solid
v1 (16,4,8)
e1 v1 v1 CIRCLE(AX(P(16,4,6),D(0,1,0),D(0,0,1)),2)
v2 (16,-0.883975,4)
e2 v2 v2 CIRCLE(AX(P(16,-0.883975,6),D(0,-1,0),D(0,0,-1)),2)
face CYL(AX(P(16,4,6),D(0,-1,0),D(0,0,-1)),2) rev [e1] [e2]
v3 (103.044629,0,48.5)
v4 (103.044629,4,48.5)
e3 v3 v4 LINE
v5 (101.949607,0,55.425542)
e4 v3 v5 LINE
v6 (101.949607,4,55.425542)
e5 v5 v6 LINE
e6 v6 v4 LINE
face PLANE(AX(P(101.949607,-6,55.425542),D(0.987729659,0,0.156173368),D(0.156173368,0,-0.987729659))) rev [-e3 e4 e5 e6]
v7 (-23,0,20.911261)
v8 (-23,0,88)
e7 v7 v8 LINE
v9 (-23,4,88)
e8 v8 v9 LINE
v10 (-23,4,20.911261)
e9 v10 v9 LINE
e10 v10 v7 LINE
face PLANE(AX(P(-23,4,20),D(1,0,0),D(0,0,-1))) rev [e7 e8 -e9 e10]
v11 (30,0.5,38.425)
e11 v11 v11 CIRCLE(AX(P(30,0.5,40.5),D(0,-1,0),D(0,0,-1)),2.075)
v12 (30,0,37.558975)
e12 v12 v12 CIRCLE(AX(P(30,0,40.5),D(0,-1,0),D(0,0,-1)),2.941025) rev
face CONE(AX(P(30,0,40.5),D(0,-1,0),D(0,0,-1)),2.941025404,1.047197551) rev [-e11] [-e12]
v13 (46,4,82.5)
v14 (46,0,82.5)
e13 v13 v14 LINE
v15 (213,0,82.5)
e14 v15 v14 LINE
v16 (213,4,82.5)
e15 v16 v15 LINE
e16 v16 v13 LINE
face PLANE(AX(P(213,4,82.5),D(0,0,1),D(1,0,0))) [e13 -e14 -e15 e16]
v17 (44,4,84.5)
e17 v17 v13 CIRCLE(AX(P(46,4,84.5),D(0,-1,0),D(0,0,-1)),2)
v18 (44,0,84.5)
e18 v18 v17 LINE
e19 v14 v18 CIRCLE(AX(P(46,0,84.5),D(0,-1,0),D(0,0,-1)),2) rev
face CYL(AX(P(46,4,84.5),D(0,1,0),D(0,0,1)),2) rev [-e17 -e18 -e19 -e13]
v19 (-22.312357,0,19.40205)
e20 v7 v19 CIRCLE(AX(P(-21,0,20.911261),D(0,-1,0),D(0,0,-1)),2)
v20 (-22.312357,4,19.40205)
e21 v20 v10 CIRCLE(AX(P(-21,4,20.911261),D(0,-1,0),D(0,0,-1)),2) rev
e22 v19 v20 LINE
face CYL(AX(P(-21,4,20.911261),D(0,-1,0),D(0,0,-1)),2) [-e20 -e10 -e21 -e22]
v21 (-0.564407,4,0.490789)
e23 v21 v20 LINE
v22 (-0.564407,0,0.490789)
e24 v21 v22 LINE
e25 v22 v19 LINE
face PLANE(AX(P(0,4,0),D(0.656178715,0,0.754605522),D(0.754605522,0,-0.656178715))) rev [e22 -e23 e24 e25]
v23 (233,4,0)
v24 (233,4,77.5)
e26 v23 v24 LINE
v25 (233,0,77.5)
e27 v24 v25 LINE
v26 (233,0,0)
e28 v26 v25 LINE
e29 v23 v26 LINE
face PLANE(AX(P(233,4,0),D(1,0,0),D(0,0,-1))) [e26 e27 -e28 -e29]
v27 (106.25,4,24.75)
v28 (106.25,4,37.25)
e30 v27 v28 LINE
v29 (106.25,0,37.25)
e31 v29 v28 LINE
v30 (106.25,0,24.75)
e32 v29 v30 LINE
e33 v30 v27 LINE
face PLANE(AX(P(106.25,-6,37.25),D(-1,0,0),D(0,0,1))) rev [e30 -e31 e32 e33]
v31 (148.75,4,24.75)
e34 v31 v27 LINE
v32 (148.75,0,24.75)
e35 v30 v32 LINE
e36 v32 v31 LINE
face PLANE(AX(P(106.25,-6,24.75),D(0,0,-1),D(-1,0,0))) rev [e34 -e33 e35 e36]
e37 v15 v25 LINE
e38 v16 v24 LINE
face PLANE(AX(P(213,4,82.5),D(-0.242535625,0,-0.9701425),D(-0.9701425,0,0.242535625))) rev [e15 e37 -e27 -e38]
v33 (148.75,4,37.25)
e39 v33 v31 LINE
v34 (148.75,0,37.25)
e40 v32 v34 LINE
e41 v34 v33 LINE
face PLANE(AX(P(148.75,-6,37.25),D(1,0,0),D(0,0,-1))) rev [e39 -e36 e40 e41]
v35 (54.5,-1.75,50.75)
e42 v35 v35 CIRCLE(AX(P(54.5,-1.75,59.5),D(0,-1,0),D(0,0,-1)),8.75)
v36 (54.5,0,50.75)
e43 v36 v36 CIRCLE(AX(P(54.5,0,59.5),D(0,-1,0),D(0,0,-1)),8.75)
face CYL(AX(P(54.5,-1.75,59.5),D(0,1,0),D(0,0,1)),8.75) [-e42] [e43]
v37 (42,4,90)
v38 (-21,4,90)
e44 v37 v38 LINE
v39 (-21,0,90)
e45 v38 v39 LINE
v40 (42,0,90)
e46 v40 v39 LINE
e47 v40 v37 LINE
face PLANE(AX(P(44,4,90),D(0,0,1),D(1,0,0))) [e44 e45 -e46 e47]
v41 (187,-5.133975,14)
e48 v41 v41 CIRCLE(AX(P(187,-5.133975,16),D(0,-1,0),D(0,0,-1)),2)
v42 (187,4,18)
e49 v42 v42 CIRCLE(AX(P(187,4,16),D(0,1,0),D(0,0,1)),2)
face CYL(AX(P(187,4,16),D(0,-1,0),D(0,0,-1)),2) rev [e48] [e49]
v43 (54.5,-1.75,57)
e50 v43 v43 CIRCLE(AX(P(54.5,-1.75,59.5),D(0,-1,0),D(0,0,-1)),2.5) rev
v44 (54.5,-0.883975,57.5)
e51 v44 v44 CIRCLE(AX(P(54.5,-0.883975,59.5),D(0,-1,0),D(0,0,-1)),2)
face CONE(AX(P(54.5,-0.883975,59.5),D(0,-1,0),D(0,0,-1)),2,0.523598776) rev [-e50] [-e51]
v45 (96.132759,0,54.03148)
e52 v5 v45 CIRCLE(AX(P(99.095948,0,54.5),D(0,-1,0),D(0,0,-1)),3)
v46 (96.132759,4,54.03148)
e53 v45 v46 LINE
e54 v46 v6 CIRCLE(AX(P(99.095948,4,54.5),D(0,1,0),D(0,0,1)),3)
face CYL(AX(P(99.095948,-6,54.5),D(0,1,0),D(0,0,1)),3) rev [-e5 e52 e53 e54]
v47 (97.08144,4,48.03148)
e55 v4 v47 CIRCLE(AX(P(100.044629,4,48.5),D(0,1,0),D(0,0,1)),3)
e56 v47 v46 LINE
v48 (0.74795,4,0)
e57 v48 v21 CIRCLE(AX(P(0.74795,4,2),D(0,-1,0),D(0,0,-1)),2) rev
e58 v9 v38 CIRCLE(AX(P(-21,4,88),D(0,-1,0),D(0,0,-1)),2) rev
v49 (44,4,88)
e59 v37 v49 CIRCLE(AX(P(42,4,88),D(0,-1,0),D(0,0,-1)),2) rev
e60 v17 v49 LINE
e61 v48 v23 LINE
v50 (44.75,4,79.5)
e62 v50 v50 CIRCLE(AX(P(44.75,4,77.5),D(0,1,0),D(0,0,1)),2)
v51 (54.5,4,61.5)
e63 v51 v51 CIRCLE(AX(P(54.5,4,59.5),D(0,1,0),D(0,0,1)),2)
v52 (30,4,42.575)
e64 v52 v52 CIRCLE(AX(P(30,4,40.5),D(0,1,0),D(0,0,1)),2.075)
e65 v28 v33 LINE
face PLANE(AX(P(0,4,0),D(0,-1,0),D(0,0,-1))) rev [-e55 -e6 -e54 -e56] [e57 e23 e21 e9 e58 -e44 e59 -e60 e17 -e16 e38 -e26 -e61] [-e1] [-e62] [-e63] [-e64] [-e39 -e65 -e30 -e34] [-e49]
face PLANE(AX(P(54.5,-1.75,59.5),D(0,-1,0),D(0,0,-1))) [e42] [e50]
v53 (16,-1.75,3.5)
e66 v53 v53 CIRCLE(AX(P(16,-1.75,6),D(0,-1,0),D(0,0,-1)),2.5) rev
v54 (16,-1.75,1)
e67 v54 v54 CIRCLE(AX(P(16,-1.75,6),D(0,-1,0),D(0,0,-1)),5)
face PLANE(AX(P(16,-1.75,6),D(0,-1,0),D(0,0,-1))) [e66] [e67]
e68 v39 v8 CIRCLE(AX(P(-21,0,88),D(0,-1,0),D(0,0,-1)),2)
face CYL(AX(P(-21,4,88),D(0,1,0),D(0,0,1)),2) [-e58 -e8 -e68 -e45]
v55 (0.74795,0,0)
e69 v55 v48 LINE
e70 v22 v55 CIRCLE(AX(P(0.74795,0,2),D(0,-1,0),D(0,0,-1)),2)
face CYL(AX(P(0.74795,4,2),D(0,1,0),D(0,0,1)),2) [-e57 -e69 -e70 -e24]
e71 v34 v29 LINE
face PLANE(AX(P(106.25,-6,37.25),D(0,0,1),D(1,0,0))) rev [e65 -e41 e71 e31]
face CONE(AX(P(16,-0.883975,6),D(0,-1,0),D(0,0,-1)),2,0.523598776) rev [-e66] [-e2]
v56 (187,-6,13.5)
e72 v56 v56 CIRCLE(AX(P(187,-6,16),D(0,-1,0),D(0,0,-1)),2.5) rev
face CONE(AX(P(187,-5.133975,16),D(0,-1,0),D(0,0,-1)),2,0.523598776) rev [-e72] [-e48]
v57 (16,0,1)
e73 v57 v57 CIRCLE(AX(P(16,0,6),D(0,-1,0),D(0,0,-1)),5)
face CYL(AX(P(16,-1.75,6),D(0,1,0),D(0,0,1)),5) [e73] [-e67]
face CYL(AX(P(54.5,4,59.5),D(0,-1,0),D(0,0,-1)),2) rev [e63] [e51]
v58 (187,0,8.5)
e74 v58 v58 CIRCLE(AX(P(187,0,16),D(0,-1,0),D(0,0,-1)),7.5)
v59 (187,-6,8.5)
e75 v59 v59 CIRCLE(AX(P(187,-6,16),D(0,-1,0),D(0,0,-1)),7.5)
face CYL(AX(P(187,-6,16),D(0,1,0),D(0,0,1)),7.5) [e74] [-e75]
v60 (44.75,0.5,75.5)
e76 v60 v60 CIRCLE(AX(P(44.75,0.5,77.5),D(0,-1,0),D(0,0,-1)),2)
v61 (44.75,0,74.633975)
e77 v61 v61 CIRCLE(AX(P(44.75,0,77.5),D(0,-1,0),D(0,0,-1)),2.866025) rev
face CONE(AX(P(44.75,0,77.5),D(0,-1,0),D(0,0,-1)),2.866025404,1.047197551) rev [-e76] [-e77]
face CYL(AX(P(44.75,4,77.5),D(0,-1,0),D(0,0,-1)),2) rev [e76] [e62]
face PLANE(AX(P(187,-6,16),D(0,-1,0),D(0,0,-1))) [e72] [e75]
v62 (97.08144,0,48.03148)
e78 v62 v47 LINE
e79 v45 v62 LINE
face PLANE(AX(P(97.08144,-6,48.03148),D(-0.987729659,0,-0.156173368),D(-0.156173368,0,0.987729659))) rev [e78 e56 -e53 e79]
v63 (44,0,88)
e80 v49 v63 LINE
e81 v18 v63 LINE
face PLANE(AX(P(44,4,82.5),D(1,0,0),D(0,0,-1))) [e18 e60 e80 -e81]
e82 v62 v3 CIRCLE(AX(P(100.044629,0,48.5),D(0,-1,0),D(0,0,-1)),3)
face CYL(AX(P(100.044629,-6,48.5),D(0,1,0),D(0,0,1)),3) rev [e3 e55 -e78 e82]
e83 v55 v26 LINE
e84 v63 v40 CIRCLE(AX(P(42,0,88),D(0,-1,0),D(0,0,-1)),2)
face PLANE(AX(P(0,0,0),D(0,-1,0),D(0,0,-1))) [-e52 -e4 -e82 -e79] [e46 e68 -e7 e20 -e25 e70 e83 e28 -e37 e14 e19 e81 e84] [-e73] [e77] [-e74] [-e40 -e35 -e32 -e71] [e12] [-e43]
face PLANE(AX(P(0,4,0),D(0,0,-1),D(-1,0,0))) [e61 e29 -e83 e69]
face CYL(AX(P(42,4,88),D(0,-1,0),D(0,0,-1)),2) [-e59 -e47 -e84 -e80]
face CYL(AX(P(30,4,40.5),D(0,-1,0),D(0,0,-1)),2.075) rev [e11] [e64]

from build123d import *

# Parameters (mm, degrees)
SKETCH1_R               = 2
SKETCH1_R_2             = 2.075
PRIMARY_DEPTH           = 4
SWINGYBIT_PIN_START     = -4
SKETCH7_R               = 7.5
SKETCH7_R_2             = 2
SWINGYBIT_PIN_EXT_DEPTH = 6
WHEEL_PIN_START         = -4
SKETCH8_R               = 5
SKETCH8_R_2             = 2
SKETCH8_R_3             = 8.75
WHEEL_PIN_EXT_DEPTH     = 1.75
SKETCH10_W              = 42.5
SKETCH10_H              = 12.5
WINDOW_CUT_DEPTH        = 11
FILLET1_R               = 2
CHAMFER1_SIZE           = 0.5
CHAMFER1_SIZE2          = 0.866025404
CHAMFER1_PART_2_SIZE    = 0.5
CHAMFER1_PART_2_SIZE2   = 0.866025404
CHAMFER1_PART_3_SIZE    = 0.5
CHAMFER1_PART_3_SIZE2   = 0.866025404
CHAMFER1_PART_4_SIZE    = 0.5
CHAMFER1_PART_4_SIZE2   = 0.866025404
CHAMFER1_PART_5_SIZE    = 0.5
CHAMFER1_PART_5_SIZE2   = 0.866025404


with BuildPart() as part:
    # Sketch1 → Primary (new body)
    with BuildSketch(Plane(origin=(0, 0, 0), x_dir=(1, 0, 0), z_dir=(0, 1, 0))):
        Polygon((0, 0), (-23, -20), (-23, -90), (44, -90), (44, -82.5), (213, -82.5), (233, -77.5), (233, 0), align=None)
        with Locations((16, -6)):
            Circle(SKETCH1_R, mode=Mode.SUBTRACT)
        with Locations((30, -40.5)):
            Circle(SKETCH1_R_2, mode=Mode.SUBTRACT)
        with Locations((54.5, -59.5)):
            Circle(SKETCH1_R, mode=Mode.SUBTRACT)
        with Locations((44.75, -77.5)):
            Circle(SKETCH1_R, mode=Mode.SUBTRACT)
        with Locations((187, -16)):
            Circle(SKETCH1_R, mode=Mode.SUBTRACT)
    extrude(amount=PRIMARY_DEPTH)

    # Sketch7 → Swingybit_Pin Ext (add)
    with BuildSketch(Plane(origin=(0, 4, 0), x_dir=(1, 0, 0), z_dir=(0, 1, 0)).offset(SWINGYBIT_PIN_START)):
        with Locations((187, -16)):
            Circle(SKETCH7_R)
        with Locations((187, -16)):
            Circle(SKETCH7_R_2, mode=Mode.SUBTRACT)
    extrude(amount=-SWINGYBIT_PIN_EXT_DEPTH)

    # Sketch8 → Wheel_Pin Ext (add)
    with BuildSketch(Plane(origin=(0, 4, 0), x_dir=(1, 0, 0), z_dir=(0, 1, 0)).offset(WHEEL_PIN_START)):
        with Locations((16, -6)):
            Circle(SKETCH8_R)
        with Locations((16, -6)):
            Circle(SKETCH8_R_2, mode=Mode.SUBTRACT)
        with Locations((54.5, -59.5)):
            Circle(SKETCH8_R_3)
        with Locations((54.5, -59.5)):
            Circle(SKETCH8_R_2, mode=Mode.SUBTRACT)
    extrude(amount=-WHEEL_PIN_EXT_DEPTH)

    # Sketch10 → Window Cut (cut, through all)
    with BuildSketch(Plane(origin=(0, 4, 0), x_dir=(1, 0, 0), z_dir=(0, 1, 0))):
        with Locations((127.5, -31)):
            Rectangle(SKETCH10_W, SKETCH10_H)
        with BuildLine():
            Line((97.081439654, -48.031479895), (96.132758806, -54.031479895))
            ThreePointArc((96.132758806, -54.031479895), (98.396768435, -57.417387228), (101.949607057, -55.425542407))
            Line((101.949607057, -55.425542407), (103.044628631, -48.5))
            ThreePointArc((103.044628631, -48.5), (100.279610619, -45.509216914), (97.081439654, -48.031479895))
        make_face()
    extrude(amount=-WINDOW_CUT_DEPTH, mode=Mode.SUBTRACT)

    # Fillet1
    fillet1_edges = [part.edges().sort_by_distance(p)[0] for p in [
        (44, 2, 82.5),
        (0, 2, 0),
        (-23, 2, 20),
        (-23, 2, 90),
        (44, 2, 90),
    ]]
    fillet(fillet1_edges, radius=FILLET1_R)

    # Chamfer1
    chamfer1_edges = [part.edges().sort_by_distance(p)[0] for p in [
        (27.925, 0, 40.5),
    ]]
    chamfer1_side = [part.faces().sort_by_distance(p)[0] for p in [
        (27.925, 2, 40.5),
    ]]
    chamfer(chamfer1_edges, length=CHAMFER1_SIZE, length2=CHAMFER1_SIZE2, reference=chamfer1_side[0])

    # Chamfer1 part 2
    chamfer1_part_2_edges = [part.edges().sort_by_distance(p)[0] for p in [
        (42.75, 0, 77.5),
    ]]
    chamfer1_part_2_side = [part.faces().sort_by_distance(p)[0] for p in [
        (42.75, 2, 77.5),
    ]]
    chamfer(chamfer1_part_2_edges, length=CHAMFER1_PART_2_SIZE, length2=CHAMFER1_PART_2_SIZE2, reference=chamfer1_part_2_side[0])

    # Chamfer1 part 3
    chamfer1_part_3_edges = [part.edges().sort_by_distance(p)[0] for p in [
        (185, -6, 16),
    ]]
    chamfer1_part_3_side = [part.faces().sort_by_distance(p)[0] for p in [
        (179.712132034, -6, 16),
    ]]
    chamfer(chamfer1_part_3_edges, length=CHAMFER1_PART_3_SIZE, length2=CHAMFER1_PART_3_SIZE2, reference=chamfer1_part_3_side[0])

    # Chamfer1 part 4
    chamfer1_part_4_edges = [part.edges().sort_by_distance(p)[0] for p in [
        (14, -1.75, 6),
    ]]
    chamfer1_part_4_side = [part.faces().sort_by_distance(p)[0] for p in [
        (11.141421356, -1.75, 6),
    ]]
    chamfer(chamfer1_part_4_edges, length=CHAMFER1_PART_4_SIZE, length2=CHAMFER1_PART_4_SIZE2, reference=chamfer1_part_4_side[0])

    # Chamfer1 part 5
    chamfer1_part_5_edges = [part.edges().sort_by_distance(p)[0] for p in [
        (52.5, -1.75, 59.5),
    ]]
    chamfer1_part_5_side = [part.faces().sort_by_distance(p)[0] for p in [
        (45.997487373, -1.75, 59.5),
    ]]
    chamfer(chamfer1_part_5_edges, length=CHAMFER1_PART_5_SIZE, length2=CHAMFER1_PART_5_SIZE2, reference=chamfer1_part_5_side[0])


solid = part.part
